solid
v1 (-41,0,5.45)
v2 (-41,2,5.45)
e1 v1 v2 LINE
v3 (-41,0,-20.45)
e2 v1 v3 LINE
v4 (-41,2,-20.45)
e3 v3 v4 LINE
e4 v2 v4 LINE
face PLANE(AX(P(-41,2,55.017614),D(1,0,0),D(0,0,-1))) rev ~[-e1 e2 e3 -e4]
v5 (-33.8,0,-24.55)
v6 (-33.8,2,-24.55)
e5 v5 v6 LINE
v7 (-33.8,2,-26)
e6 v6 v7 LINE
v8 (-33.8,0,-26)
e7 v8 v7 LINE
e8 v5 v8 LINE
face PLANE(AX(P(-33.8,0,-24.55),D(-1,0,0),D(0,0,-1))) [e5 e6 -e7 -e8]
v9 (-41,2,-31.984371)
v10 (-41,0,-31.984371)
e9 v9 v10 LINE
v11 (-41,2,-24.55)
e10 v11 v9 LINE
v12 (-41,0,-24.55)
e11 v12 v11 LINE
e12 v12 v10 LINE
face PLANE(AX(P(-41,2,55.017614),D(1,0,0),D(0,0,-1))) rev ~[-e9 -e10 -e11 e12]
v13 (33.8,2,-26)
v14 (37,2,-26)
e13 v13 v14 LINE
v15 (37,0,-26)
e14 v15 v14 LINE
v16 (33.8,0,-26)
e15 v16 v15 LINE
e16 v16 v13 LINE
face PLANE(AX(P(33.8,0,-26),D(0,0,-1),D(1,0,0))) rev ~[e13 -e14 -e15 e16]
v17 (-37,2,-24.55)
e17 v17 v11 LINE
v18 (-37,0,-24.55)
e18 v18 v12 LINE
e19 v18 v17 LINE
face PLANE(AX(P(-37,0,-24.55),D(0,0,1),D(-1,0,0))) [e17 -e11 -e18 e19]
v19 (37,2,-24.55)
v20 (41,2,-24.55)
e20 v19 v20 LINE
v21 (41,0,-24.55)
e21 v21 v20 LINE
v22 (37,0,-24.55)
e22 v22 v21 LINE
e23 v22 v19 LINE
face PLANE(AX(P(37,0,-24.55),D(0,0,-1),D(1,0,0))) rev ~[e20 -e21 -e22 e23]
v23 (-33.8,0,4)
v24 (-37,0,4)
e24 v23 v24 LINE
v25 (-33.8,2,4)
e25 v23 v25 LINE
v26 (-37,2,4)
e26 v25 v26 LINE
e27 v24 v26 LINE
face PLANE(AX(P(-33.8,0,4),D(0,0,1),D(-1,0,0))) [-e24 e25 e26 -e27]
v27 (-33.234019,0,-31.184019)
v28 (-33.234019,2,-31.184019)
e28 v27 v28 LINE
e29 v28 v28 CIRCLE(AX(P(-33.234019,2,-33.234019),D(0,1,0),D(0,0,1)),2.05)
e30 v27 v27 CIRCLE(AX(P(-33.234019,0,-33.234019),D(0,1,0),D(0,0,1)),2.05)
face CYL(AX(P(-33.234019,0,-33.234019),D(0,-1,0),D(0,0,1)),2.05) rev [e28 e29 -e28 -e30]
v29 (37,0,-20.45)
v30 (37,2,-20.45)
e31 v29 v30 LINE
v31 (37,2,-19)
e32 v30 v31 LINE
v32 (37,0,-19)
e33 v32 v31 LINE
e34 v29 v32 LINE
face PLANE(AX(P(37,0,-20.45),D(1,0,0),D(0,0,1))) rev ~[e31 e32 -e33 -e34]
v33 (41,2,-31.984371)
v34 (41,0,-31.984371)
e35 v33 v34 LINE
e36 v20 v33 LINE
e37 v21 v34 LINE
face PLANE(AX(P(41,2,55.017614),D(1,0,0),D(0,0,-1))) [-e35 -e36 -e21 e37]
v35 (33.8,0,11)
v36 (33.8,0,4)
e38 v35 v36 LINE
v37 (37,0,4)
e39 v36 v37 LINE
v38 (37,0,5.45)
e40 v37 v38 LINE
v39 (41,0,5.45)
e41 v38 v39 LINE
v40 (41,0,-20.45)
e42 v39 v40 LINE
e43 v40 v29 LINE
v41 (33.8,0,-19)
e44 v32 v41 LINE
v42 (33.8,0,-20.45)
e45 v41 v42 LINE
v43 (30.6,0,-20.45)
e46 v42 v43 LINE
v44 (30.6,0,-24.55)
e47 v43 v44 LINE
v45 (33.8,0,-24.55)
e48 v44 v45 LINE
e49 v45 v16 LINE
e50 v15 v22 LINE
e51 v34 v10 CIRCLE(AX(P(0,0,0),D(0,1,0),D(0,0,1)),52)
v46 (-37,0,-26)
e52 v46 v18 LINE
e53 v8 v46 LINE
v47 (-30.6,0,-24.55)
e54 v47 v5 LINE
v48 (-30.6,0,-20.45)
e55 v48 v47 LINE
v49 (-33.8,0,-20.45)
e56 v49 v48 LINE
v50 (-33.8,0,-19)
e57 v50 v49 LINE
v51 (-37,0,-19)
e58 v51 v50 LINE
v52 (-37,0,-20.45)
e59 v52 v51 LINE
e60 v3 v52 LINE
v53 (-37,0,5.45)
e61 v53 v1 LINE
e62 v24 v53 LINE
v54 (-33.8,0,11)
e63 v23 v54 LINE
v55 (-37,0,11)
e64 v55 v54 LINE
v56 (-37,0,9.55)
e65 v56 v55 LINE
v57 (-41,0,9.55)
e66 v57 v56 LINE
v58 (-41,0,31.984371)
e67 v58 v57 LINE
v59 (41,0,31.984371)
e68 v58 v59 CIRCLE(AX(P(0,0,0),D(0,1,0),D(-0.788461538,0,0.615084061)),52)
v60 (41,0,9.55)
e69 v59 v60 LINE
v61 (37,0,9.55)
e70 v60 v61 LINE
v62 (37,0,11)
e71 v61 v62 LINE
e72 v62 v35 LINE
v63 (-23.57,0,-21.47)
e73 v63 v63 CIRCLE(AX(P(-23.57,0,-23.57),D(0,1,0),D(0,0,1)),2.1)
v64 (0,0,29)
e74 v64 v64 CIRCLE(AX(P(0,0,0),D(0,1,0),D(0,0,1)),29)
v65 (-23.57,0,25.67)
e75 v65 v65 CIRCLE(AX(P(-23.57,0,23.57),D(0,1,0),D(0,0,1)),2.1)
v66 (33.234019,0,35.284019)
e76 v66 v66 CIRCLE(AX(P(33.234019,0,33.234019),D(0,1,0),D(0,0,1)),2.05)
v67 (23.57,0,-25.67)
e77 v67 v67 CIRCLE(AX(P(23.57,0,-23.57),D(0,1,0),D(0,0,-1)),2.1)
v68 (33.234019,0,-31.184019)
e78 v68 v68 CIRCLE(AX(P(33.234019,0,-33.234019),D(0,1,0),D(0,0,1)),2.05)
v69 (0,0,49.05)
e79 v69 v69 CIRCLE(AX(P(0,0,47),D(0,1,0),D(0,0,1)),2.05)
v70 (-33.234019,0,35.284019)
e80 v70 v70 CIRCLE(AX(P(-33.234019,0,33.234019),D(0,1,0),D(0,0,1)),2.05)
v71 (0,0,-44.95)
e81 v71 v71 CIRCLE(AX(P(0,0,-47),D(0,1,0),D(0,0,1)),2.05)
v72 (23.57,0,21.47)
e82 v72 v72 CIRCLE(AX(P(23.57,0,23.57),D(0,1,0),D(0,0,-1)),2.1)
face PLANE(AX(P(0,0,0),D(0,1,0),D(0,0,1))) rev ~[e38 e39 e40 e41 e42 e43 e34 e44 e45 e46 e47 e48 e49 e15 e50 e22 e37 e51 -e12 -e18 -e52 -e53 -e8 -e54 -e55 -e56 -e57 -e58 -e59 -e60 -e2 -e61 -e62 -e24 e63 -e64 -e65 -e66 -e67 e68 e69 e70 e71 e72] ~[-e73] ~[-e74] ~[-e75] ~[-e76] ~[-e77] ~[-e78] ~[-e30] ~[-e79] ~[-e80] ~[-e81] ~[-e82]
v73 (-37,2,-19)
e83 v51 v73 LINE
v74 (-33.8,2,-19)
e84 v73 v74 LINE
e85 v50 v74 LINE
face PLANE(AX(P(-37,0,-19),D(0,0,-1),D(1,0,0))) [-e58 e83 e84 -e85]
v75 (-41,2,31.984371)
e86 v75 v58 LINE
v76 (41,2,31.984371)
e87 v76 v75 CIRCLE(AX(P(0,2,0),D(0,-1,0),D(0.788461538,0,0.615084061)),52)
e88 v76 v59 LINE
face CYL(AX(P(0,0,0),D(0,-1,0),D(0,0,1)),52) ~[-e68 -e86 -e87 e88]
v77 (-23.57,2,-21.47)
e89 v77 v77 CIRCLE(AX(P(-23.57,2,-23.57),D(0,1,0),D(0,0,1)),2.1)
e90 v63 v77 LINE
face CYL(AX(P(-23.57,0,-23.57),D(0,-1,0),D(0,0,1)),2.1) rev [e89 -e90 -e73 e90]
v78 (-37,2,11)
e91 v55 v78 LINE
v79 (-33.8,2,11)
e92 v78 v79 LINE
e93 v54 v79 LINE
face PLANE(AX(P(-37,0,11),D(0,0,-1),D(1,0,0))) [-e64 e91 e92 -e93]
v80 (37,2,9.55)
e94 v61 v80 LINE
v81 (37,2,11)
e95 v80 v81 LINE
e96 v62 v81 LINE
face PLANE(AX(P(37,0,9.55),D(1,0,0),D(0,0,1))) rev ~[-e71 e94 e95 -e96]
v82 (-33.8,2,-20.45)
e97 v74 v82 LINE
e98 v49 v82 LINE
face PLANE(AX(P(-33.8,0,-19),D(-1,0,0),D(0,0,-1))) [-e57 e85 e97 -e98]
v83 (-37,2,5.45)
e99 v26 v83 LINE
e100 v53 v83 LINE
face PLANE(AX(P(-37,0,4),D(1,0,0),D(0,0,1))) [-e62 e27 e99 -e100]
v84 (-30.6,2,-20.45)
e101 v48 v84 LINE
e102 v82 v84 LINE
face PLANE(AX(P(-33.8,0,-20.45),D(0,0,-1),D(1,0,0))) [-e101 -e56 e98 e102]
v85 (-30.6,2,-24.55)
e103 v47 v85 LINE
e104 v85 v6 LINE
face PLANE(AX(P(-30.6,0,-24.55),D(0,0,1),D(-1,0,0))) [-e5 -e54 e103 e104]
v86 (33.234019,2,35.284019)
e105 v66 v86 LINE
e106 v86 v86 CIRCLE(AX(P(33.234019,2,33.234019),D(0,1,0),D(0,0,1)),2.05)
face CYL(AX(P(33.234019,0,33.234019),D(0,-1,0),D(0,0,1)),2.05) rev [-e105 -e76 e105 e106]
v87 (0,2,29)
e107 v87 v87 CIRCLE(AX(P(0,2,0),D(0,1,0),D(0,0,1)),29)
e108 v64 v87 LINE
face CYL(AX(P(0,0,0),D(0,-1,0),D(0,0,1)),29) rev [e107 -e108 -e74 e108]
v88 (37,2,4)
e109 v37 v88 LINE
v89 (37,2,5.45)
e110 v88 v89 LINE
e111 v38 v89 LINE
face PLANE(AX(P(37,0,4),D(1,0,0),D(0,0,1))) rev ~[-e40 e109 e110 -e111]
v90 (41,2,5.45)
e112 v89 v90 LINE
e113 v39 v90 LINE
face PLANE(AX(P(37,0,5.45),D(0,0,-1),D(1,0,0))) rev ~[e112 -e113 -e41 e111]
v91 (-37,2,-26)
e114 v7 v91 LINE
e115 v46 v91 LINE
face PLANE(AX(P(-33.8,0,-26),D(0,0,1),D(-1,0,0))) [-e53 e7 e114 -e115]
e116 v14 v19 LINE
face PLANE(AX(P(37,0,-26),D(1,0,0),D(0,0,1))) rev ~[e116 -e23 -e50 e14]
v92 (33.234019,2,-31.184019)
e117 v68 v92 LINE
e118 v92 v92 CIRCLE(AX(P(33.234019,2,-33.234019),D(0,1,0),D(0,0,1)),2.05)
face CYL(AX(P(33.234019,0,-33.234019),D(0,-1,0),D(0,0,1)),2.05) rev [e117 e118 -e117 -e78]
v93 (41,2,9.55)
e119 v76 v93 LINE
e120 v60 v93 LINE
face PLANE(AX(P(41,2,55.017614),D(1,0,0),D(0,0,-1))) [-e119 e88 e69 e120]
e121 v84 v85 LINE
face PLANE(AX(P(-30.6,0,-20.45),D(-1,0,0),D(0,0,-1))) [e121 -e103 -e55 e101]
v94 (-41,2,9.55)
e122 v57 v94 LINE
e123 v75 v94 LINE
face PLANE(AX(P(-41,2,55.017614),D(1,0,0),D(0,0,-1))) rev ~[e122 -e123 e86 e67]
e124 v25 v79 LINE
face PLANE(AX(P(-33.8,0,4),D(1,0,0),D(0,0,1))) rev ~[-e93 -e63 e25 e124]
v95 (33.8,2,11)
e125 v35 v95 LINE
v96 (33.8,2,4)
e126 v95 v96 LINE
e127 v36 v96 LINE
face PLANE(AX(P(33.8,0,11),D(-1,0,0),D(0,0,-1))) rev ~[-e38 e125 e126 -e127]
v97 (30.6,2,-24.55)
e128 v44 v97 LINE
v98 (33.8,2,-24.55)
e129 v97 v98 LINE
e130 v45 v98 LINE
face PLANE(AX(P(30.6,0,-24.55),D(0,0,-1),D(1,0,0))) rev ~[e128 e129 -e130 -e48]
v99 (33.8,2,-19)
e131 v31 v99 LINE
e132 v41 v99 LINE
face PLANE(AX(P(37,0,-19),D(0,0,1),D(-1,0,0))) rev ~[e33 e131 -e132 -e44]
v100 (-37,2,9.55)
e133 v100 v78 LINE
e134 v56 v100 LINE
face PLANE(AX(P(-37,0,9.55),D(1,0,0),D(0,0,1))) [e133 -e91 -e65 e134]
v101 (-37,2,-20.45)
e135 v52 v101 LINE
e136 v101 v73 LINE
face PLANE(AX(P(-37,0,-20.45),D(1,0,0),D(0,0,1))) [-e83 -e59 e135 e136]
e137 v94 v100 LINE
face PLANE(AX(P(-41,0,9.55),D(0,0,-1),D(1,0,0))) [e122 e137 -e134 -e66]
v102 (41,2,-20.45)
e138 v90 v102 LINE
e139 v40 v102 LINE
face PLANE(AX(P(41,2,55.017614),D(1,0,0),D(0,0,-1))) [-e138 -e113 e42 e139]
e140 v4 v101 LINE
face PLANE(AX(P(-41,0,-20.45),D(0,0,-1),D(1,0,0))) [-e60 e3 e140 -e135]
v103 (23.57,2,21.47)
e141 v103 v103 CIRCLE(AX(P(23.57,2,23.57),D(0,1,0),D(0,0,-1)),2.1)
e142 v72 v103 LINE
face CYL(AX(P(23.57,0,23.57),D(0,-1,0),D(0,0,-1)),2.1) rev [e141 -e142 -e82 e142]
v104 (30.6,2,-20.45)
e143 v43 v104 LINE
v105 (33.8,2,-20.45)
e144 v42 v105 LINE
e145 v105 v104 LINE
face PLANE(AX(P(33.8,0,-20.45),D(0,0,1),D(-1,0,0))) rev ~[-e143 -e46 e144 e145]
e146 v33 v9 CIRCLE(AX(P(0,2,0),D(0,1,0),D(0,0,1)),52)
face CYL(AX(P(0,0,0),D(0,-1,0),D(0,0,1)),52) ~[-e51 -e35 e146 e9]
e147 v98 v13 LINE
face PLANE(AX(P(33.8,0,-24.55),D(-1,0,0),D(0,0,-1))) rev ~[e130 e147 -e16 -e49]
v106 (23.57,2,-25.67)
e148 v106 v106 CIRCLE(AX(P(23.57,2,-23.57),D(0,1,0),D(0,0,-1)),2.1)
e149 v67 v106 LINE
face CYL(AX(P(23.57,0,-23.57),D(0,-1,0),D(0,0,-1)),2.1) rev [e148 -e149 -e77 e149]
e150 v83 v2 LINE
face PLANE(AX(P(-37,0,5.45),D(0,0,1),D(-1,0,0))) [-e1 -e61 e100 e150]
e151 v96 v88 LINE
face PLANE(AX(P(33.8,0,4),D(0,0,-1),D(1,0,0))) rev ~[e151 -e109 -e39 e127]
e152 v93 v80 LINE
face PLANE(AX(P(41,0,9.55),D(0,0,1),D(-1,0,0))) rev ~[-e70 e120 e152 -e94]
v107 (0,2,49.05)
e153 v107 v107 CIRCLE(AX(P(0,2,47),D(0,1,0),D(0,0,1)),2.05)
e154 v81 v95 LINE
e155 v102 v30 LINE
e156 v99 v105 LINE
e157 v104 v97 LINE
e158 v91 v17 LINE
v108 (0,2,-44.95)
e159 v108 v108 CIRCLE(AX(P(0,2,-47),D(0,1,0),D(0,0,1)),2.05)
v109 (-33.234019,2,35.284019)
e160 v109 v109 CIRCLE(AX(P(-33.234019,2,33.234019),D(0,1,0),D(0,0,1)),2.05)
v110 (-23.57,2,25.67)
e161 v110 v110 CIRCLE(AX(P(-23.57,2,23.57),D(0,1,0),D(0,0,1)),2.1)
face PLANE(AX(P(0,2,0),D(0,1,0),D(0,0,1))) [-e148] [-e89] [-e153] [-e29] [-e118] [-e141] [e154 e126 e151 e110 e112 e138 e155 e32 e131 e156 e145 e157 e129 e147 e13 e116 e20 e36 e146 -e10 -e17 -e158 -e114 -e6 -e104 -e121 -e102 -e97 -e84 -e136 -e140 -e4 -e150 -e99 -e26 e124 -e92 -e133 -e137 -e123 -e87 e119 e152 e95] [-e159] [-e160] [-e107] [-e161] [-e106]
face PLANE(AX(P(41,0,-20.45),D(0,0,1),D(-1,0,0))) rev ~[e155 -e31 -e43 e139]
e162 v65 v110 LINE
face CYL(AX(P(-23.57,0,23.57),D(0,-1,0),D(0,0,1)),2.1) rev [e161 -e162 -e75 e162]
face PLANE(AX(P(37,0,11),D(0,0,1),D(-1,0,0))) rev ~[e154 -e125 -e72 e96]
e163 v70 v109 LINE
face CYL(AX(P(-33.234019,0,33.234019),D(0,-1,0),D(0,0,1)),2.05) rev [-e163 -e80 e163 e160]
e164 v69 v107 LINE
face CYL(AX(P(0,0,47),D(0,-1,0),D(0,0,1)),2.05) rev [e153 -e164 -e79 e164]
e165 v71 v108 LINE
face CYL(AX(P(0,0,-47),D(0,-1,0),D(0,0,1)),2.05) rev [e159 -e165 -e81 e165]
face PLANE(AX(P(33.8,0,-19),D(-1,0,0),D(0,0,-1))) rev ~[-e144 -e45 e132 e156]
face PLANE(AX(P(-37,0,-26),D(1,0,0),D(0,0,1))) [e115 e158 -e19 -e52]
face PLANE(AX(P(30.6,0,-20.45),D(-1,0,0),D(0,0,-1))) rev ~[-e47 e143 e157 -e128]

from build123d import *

# Parameters (mm, degrees)
SKETCH_1_R          = 52
SKETCH_1_R_2        = 29
SKETCH_1_R_3        = 2.05
SKETCH_1_R_4        = 2.1
EXTRUDE_1_DEPTH     = 2
SKETCH_2_W          = 182
SKETCH_2_H          = 210.035227354
SKETCH_2_W_2        = 82
SKETCH_2_H_2        = 110.035227354
CUT_EXTRUDE_1_DEPTH = 4


with BuildPart() as part:
    # 草图1 → 凸台-拉伸1 (new body)
    with BuildSketch(Plane(origin=(0, 0, 0), x_dir=(1, 0, 0), z_dir=(0, 1, 0))):
        with Locations(Location((0, 0, 0), (0, 0, 270))):
            Circle(SKETCH_1_R)
        with Locations(Location((0, 0, 0), (0, 0, 270))):
            Circle(SKETCH_1_R_2, mode=Mode.SUBTRACT)
        with Locations(Location((47, 0, 0), (0, 0, 270))):
            Circle(SKETCH_1_R_3, mode=Mode.SUBTRACT)
        with Locations(Location((33.234018716, -33.234018716, 0), (0, 0, 270))):
            Circle(SKETCH_1_R_3, mode=Mode.SUBTRACT)
        with Locations(Location((0, -47, 0), (0, 0, 270))):
            Circle(SKETCH_1_R_3, mode=Mode.SUBTRACT)
        with Locations(Location((-33.234018716, -33.234018716, 0), (0, 0, 270))):
            Circle(SKETCH_1_R_3, mode=Mode.SUBTRACT)
        with Locations(Location((-47, 0, 0), (0, 0, 270))):
            Circle(SKETCH_1_R_3, mode=Mode.SUBTRACT)
        with Locations(Location((-33.234018716, 33.234018716, 0), (0, 0, 270))):
            Circle(SKETCH_1_R_3, mode=Mode.SUBTRACT)
        with Locations(Location((0, 47, 0), (0, 0, 270))):
            Circle(SKETCH_1_R_3, mode=Mode.SUBTRACT)
        with Locations(Location((33.234018716, 33.234018716, 0), (0, 0, 270))):
            Circle(SKETCH_1_R_3, mode=Mode.SUBTRACT)
        with Locations(Location((-23.57, 23.57, 0), (0, 0, 270))):
            Circle(SKETCH_1_R_4, mode=Mode.SUBTRACT)
        with Locations(Location((-23.57, -23.57, 0), (0, 0, 270))):
            Circle(SKETCH_1_R_4, mode=Mode.SUBTRACT)
        with Locations(Location((23.57, -23.57, 0), (0, 0, 90))):
            Circle(SKETCH_1_R_4, mode=Mode.SUBTRACT)
        with Locations(Location((23.57, 23.57, 0), (0, 0, 90))):
            Circle(SKETCH_1_R_4, mode=Mode.SUBTRACT)
        Polygon((37, -9.55), (37, -11), (33.8, -11), (33.8, -9.55), (33.8, -5.45), (33.8, -4), (37, -4), (37, -5.45), (41, -5.45), (41, -9.55), align=None, mode=Mode.SUBTRACT)
        Polygon((37, 20.45), (37, 19), (33.8, 19), (33.8, 20.45), (30.6, 20.45), (30.6, 24.55), (33.8, 24.55), (33.8, 26), (37, 26), (37, 24.55), (41, 24.55), (41, 20.45), align=None, mode=Mode.SUBTRACT)
        Polygon((-33.8, 26), (-37, 26), (-37, 24.55), (-41, 24.55), (-41, 20.45), (-37, 20.45), (-37, 19), (-33.8, 19), (-33.8, 20.45), (-30.6, 20.45), (-30.6, 24.55), (-33.8, 24.55), align=None, mode=Mode.SUBTRACT)
        Polygon((-33.8, -4), (-37, -4), (-37, -5.45), (-41, -5.45), (-41, -9.55), (-37, -9.55), (-37, -11), (-33.8, -11), (-33.8, -9.55), (-33.8, -5.45), align=None, mode=Mode.SUBTRACT)
    extrude(amount=EXTRUDE_1_DEPTH)

    # 草图2 → 切除-拉伸-薄壁1 (cut)
    with BuildSketch(Plane(origin=(0, 2, 0), x_dir=(1, 0, 0), z_dir=(0, 1, 0))):
        Rectangle(SKETCH_2_W, SKETCH_2_H)
        Rectangle(SKETCH_2_W_2, SKETCH_2_H_2, mode=Mode.SUBTRACT)
    extrude(amount=-CUT_EXTRUDE_1_DEPTH, mode=Mode.SUBTRACT)


solid = part.part
